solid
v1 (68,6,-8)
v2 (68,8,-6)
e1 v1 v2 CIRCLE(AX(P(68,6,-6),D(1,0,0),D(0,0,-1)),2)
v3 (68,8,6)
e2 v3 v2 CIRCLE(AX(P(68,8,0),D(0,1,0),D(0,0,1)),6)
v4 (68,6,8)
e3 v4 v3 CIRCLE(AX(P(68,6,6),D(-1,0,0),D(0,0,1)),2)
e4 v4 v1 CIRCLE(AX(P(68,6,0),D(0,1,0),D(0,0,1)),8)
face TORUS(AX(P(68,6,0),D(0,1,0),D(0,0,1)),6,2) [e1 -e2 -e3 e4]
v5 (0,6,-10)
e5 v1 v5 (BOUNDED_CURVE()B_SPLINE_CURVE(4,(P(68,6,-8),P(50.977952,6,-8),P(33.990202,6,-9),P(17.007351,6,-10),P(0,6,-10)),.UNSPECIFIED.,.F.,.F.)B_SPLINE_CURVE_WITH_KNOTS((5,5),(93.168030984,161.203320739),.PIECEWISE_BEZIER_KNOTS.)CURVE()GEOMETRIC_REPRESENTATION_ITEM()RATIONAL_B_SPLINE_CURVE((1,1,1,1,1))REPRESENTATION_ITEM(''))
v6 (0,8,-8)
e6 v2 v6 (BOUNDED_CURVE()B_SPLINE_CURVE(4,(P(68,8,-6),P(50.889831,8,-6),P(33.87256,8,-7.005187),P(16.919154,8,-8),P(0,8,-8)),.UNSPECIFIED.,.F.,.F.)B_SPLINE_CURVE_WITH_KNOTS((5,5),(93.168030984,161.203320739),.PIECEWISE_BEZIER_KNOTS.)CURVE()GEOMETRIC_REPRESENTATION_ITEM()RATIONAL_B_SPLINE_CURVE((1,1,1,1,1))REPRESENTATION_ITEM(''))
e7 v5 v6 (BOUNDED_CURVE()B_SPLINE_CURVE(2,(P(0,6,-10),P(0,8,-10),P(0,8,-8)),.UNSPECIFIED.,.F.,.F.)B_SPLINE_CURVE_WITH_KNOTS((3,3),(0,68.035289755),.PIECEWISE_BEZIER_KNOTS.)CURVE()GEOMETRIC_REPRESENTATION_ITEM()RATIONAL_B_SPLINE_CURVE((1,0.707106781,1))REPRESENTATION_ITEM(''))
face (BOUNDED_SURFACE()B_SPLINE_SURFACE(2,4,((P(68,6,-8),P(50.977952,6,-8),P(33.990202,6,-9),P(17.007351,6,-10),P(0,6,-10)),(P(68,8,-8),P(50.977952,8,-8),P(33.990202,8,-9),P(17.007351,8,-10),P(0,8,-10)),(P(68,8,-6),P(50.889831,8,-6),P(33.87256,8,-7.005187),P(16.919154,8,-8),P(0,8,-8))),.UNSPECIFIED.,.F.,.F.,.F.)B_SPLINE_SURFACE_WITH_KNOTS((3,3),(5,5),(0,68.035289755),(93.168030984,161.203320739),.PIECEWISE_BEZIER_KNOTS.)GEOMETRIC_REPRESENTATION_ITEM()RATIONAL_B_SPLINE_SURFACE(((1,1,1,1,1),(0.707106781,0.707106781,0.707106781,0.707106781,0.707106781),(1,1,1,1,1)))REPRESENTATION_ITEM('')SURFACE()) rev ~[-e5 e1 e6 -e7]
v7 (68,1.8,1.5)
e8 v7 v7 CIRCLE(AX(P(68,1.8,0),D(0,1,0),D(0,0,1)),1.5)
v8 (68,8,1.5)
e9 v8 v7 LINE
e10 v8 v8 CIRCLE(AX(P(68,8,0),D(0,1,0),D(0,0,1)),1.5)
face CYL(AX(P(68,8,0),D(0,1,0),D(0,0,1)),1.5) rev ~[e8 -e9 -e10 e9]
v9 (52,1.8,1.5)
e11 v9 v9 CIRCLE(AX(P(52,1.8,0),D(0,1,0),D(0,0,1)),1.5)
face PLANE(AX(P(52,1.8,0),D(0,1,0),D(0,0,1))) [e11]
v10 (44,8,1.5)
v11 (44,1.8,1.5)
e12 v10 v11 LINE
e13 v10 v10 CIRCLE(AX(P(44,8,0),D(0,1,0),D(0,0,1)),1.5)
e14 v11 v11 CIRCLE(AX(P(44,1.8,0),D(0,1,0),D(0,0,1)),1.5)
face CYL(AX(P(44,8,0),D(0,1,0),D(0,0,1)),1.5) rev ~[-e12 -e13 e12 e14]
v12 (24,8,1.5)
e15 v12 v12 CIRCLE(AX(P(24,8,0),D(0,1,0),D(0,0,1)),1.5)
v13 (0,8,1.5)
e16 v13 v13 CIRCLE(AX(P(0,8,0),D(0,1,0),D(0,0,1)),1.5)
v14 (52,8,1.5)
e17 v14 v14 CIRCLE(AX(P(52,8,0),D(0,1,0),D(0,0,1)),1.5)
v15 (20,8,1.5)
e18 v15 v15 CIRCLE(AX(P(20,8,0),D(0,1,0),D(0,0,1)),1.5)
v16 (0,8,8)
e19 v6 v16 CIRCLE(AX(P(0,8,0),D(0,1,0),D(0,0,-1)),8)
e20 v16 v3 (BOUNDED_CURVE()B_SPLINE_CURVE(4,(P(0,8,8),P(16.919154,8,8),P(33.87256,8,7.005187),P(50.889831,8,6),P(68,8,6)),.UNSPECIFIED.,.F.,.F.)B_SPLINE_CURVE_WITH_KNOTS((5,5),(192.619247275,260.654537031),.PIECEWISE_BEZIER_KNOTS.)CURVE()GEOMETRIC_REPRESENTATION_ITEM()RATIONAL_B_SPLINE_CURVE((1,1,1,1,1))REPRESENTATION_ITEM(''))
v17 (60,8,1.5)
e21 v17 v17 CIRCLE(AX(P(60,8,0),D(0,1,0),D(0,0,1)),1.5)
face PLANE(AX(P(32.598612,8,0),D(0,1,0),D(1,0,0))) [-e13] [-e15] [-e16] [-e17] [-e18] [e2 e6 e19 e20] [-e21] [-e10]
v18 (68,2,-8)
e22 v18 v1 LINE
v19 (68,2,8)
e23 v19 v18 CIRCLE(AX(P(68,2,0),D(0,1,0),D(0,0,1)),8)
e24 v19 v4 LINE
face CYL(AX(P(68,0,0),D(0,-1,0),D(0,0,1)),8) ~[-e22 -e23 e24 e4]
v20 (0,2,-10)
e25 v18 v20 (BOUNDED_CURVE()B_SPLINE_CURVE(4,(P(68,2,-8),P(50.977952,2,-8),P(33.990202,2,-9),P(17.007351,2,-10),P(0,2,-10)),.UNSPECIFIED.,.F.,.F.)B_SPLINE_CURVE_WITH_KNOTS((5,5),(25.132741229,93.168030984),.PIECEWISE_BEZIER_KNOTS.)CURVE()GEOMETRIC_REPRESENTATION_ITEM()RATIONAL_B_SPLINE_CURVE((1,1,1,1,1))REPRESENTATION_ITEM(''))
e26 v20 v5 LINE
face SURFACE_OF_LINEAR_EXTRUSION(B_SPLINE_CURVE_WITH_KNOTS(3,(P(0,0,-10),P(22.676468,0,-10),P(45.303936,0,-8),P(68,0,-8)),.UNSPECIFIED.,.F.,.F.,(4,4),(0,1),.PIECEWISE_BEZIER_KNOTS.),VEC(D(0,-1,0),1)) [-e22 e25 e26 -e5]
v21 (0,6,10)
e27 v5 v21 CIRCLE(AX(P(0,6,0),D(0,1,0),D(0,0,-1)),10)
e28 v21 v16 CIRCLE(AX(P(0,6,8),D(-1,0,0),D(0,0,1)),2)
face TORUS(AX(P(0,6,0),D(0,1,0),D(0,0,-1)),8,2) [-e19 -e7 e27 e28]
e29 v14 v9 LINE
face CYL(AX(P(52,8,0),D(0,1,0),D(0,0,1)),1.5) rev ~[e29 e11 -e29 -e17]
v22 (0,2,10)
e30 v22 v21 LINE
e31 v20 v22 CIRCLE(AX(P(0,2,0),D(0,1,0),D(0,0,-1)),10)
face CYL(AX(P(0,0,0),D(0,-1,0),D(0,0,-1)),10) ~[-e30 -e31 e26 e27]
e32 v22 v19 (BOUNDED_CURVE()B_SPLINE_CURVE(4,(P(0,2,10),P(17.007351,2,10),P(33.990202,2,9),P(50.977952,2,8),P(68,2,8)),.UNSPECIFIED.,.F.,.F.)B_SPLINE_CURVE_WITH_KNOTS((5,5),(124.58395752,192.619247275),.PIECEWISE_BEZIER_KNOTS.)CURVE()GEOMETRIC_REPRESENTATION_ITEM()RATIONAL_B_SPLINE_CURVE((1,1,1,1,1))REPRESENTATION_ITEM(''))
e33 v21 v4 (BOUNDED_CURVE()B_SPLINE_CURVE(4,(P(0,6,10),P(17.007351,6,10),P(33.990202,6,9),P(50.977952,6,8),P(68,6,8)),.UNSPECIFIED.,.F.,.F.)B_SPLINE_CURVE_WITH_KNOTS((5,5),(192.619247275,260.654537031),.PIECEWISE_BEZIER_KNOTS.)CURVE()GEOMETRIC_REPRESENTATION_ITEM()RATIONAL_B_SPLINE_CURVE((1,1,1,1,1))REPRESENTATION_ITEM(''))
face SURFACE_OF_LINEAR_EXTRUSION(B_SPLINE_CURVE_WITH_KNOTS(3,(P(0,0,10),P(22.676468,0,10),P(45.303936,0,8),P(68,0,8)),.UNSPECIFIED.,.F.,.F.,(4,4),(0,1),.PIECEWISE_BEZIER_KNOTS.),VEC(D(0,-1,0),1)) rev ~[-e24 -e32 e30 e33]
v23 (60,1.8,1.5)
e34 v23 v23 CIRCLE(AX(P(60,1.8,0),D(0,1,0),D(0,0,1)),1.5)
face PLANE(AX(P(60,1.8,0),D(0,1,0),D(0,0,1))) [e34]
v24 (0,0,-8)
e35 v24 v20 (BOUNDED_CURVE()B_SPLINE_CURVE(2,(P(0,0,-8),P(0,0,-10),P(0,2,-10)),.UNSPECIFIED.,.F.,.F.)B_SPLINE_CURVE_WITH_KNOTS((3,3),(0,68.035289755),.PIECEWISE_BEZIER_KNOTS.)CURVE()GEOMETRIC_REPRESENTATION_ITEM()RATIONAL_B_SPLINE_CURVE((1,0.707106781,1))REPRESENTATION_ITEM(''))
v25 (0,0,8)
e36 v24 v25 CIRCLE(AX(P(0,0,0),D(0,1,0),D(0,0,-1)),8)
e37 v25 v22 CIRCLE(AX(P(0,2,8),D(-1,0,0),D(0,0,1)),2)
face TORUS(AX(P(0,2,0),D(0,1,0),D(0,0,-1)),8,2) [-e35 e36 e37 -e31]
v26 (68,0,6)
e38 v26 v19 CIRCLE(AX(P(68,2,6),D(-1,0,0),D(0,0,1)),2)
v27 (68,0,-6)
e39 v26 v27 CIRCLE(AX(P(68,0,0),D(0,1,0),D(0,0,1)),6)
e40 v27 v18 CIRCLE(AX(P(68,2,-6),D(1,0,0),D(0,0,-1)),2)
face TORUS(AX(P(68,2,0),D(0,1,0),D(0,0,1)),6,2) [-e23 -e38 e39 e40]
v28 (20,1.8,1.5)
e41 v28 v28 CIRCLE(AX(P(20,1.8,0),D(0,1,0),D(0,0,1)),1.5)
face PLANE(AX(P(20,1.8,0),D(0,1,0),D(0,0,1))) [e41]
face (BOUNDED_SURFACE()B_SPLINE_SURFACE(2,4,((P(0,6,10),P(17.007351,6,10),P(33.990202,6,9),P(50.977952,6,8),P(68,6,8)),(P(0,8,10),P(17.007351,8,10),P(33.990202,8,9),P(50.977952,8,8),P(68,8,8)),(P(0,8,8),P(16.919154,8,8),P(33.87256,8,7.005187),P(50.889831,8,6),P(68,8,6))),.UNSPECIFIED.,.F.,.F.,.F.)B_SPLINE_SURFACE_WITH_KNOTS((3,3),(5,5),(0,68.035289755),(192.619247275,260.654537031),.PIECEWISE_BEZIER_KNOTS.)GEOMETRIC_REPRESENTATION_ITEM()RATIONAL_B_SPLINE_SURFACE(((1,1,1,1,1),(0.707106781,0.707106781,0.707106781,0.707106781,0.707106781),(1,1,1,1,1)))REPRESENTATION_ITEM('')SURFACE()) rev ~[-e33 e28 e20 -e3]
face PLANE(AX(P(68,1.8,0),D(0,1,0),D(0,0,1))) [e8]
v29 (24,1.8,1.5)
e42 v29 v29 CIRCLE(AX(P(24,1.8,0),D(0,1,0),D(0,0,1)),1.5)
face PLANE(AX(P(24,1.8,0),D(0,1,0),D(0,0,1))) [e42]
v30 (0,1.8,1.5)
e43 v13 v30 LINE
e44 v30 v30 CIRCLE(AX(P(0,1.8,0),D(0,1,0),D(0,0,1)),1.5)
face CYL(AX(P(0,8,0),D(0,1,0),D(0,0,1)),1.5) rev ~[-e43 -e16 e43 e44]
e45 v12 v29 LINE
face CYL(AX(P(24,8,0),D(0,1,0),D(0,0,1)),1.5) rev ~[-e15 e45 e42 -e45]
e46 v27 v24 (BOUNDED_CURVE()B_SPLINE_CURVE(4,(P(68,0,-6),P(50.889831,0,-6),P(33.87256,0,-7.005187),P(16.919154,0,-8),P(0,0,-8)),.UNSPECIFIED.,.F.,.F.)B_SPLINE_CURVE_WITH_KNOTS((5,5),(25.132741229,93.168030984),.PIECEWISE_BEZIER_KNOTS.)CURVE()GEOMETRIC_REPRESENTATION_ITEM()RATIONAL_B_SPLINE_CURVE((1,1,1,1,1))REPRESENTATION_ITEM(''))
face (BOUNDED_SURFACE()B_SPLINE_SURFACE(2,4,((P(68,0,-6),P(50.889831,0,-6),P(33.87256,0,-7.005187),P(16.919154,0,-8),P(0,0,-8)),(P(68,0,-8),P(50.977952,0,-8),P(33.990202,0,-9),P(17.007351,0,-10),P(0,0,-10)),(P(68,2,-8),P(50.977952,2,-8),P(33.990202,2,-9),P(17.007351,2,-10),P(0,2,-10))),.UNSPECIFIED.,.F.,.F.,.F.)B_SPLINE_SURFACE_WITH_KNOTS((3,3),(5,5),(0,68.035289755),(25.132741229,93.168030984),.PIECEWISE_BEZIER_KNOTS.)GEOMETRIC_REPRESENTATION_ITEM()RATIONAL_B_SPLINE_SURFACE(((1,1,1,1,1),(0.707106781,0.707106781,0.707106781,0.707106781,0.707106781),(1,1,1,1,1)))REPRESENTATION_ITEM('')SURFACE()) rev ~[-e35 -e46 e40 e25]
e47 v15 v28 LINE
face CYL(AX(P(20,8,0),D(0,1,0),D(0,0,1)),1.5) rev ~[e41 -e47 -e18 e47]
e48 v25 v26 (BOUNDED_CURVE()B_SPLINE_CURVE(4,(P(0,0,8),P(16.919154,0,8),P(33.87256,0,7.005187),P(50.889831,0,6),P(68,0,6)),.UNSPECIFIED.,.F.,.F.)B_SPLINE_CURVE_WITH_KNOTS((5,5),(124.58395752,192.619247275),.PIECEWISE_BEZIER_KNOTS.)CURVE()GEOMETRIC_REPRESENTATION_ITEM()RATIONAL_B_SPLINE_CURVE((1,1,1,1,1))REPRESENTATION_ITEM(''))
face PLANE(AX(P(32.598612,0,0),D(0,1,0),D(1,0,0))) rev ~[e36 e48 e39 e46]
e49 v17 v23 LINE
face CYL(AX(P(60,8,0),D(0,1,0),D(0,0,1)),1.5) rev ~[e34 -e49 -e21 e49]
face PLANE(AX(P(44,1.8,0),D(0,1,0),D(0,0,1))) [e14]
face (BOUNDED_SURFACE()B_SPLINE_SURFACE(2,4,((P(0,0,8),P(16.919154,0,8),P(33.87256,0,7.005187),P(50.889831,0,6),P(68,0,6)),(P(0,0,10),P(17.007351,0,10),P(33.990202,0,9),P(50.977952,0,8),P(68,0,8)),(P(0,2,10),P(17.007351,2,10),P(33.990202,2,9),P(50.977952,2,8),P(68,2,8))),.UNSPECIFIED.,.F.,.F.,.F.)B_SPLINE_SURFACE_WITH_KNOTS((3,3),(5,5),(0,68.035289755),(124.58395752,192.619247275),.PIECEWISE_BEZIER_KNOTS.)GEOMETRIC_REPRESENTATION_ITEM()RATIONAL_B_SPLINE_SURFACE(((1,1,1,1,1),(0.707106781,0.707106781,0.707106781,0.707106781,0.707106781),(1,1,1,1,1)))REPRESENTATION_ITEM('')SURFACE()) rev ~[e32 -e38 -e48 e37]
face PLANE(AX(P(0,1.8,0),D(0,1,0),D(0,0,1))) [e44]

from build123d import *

# Parameters (mm, degrees)
BOSS_EXTRUDE1_DEPTH = 8
SKETCH3_R           = 1.5
CUT_EXTRUDE1_DEPTH  = 6.2
FILLET4_R           = 2
FILLET5_R           = 2


with BuildPart() as part:
    # Sketch2 → Boss-Extrude1 (new body)
    with BuildSketch(Plane(origin=(0, 0, 0), x_dir=(1, 0, 0), z_dir=(0, 1, 0))):
        with BuildLine():
            ThreePointArc((0, 10), (-10, 0), (0, -10))
            add(Edge.make_bspline(
                [(0, -10), (22.676468469, -10), (45.303936393, -8), (68, -8)],
                knots=[0, 0, 0, 0, 1, 1, 1, 1], degree=3))
            ThreePointArc((68, -8), (76, 0), (68, 8))
            add(Edge.make_bspline(
                [(0, 10), (22.676468469, 10), (45.303936393, 8), (68, 8)],
                knots=[0, 0, 0, 0, 1, 1, 1, 1], degree=3))
        make_face()
    extrude(amount=BOSS_EXTRUDE1_DEPTH)

    # Sketch3 → Cut-Extrude1 (cut)
    with BuildSketch(Plane(origin=(0, 8, 0), x_dir=(1, 0, 0), z_dir=(0, 1, 0))):
        with Locations(Location((0, 0, 0), (0, 0, 270))):
            Circle(SKETCH3_R)
        with Locations(Location((68, 0, 0), (0, 0, 270))):
            Circle(SKETCH3_R)
        with Locations(Location((20, 0, 0), (0, 0, 270))):
            Circle(SKETCH3_R)
        with Locations(Location((24, 0, 0), (0, 0, 270))):
            Circle(SKETCH3_R)
        with Locations(Location((60, 0, 0), (0, 0, 270))):
            Circle(SKETCH3_R)
        with Locations(Location((52, 0, 0), (0, 0, 270))):
            Circle(SKETCH3_R)
        with Locations(Location((44, 0, 0), (0, 0, 270))):
            Circle(SKETCH3_R)
    extrude(amount=-CUT_EXTRUDE1_DEPTH, mode=Mode.SUBTRACT)

    # Fillet4
    fillet4_edges = [part.edges().sort_by_distance(p)[0] for p in [
        (33.999990473, 8, 8.999676096),
        (76, 8, 0),
        (33.999990473, 8, -8.999676096),
        (-10, 8, 0),
    ]]
    fillet(fillet4_edges, radius=FILLET4_R)

    # Fillet5
    fillet5_edges = [part.edges().sort_by_distance(p)[0] for p in [
        (76, 0, 0),
        (33.999990473, 0, 8.999676096),
        (-10, 0, 0),
        (33.999990473, 0, -8.999676096),
    ]]
    fillet(fillet5_edges, radius=FILLET5_R)


solid = part.part
